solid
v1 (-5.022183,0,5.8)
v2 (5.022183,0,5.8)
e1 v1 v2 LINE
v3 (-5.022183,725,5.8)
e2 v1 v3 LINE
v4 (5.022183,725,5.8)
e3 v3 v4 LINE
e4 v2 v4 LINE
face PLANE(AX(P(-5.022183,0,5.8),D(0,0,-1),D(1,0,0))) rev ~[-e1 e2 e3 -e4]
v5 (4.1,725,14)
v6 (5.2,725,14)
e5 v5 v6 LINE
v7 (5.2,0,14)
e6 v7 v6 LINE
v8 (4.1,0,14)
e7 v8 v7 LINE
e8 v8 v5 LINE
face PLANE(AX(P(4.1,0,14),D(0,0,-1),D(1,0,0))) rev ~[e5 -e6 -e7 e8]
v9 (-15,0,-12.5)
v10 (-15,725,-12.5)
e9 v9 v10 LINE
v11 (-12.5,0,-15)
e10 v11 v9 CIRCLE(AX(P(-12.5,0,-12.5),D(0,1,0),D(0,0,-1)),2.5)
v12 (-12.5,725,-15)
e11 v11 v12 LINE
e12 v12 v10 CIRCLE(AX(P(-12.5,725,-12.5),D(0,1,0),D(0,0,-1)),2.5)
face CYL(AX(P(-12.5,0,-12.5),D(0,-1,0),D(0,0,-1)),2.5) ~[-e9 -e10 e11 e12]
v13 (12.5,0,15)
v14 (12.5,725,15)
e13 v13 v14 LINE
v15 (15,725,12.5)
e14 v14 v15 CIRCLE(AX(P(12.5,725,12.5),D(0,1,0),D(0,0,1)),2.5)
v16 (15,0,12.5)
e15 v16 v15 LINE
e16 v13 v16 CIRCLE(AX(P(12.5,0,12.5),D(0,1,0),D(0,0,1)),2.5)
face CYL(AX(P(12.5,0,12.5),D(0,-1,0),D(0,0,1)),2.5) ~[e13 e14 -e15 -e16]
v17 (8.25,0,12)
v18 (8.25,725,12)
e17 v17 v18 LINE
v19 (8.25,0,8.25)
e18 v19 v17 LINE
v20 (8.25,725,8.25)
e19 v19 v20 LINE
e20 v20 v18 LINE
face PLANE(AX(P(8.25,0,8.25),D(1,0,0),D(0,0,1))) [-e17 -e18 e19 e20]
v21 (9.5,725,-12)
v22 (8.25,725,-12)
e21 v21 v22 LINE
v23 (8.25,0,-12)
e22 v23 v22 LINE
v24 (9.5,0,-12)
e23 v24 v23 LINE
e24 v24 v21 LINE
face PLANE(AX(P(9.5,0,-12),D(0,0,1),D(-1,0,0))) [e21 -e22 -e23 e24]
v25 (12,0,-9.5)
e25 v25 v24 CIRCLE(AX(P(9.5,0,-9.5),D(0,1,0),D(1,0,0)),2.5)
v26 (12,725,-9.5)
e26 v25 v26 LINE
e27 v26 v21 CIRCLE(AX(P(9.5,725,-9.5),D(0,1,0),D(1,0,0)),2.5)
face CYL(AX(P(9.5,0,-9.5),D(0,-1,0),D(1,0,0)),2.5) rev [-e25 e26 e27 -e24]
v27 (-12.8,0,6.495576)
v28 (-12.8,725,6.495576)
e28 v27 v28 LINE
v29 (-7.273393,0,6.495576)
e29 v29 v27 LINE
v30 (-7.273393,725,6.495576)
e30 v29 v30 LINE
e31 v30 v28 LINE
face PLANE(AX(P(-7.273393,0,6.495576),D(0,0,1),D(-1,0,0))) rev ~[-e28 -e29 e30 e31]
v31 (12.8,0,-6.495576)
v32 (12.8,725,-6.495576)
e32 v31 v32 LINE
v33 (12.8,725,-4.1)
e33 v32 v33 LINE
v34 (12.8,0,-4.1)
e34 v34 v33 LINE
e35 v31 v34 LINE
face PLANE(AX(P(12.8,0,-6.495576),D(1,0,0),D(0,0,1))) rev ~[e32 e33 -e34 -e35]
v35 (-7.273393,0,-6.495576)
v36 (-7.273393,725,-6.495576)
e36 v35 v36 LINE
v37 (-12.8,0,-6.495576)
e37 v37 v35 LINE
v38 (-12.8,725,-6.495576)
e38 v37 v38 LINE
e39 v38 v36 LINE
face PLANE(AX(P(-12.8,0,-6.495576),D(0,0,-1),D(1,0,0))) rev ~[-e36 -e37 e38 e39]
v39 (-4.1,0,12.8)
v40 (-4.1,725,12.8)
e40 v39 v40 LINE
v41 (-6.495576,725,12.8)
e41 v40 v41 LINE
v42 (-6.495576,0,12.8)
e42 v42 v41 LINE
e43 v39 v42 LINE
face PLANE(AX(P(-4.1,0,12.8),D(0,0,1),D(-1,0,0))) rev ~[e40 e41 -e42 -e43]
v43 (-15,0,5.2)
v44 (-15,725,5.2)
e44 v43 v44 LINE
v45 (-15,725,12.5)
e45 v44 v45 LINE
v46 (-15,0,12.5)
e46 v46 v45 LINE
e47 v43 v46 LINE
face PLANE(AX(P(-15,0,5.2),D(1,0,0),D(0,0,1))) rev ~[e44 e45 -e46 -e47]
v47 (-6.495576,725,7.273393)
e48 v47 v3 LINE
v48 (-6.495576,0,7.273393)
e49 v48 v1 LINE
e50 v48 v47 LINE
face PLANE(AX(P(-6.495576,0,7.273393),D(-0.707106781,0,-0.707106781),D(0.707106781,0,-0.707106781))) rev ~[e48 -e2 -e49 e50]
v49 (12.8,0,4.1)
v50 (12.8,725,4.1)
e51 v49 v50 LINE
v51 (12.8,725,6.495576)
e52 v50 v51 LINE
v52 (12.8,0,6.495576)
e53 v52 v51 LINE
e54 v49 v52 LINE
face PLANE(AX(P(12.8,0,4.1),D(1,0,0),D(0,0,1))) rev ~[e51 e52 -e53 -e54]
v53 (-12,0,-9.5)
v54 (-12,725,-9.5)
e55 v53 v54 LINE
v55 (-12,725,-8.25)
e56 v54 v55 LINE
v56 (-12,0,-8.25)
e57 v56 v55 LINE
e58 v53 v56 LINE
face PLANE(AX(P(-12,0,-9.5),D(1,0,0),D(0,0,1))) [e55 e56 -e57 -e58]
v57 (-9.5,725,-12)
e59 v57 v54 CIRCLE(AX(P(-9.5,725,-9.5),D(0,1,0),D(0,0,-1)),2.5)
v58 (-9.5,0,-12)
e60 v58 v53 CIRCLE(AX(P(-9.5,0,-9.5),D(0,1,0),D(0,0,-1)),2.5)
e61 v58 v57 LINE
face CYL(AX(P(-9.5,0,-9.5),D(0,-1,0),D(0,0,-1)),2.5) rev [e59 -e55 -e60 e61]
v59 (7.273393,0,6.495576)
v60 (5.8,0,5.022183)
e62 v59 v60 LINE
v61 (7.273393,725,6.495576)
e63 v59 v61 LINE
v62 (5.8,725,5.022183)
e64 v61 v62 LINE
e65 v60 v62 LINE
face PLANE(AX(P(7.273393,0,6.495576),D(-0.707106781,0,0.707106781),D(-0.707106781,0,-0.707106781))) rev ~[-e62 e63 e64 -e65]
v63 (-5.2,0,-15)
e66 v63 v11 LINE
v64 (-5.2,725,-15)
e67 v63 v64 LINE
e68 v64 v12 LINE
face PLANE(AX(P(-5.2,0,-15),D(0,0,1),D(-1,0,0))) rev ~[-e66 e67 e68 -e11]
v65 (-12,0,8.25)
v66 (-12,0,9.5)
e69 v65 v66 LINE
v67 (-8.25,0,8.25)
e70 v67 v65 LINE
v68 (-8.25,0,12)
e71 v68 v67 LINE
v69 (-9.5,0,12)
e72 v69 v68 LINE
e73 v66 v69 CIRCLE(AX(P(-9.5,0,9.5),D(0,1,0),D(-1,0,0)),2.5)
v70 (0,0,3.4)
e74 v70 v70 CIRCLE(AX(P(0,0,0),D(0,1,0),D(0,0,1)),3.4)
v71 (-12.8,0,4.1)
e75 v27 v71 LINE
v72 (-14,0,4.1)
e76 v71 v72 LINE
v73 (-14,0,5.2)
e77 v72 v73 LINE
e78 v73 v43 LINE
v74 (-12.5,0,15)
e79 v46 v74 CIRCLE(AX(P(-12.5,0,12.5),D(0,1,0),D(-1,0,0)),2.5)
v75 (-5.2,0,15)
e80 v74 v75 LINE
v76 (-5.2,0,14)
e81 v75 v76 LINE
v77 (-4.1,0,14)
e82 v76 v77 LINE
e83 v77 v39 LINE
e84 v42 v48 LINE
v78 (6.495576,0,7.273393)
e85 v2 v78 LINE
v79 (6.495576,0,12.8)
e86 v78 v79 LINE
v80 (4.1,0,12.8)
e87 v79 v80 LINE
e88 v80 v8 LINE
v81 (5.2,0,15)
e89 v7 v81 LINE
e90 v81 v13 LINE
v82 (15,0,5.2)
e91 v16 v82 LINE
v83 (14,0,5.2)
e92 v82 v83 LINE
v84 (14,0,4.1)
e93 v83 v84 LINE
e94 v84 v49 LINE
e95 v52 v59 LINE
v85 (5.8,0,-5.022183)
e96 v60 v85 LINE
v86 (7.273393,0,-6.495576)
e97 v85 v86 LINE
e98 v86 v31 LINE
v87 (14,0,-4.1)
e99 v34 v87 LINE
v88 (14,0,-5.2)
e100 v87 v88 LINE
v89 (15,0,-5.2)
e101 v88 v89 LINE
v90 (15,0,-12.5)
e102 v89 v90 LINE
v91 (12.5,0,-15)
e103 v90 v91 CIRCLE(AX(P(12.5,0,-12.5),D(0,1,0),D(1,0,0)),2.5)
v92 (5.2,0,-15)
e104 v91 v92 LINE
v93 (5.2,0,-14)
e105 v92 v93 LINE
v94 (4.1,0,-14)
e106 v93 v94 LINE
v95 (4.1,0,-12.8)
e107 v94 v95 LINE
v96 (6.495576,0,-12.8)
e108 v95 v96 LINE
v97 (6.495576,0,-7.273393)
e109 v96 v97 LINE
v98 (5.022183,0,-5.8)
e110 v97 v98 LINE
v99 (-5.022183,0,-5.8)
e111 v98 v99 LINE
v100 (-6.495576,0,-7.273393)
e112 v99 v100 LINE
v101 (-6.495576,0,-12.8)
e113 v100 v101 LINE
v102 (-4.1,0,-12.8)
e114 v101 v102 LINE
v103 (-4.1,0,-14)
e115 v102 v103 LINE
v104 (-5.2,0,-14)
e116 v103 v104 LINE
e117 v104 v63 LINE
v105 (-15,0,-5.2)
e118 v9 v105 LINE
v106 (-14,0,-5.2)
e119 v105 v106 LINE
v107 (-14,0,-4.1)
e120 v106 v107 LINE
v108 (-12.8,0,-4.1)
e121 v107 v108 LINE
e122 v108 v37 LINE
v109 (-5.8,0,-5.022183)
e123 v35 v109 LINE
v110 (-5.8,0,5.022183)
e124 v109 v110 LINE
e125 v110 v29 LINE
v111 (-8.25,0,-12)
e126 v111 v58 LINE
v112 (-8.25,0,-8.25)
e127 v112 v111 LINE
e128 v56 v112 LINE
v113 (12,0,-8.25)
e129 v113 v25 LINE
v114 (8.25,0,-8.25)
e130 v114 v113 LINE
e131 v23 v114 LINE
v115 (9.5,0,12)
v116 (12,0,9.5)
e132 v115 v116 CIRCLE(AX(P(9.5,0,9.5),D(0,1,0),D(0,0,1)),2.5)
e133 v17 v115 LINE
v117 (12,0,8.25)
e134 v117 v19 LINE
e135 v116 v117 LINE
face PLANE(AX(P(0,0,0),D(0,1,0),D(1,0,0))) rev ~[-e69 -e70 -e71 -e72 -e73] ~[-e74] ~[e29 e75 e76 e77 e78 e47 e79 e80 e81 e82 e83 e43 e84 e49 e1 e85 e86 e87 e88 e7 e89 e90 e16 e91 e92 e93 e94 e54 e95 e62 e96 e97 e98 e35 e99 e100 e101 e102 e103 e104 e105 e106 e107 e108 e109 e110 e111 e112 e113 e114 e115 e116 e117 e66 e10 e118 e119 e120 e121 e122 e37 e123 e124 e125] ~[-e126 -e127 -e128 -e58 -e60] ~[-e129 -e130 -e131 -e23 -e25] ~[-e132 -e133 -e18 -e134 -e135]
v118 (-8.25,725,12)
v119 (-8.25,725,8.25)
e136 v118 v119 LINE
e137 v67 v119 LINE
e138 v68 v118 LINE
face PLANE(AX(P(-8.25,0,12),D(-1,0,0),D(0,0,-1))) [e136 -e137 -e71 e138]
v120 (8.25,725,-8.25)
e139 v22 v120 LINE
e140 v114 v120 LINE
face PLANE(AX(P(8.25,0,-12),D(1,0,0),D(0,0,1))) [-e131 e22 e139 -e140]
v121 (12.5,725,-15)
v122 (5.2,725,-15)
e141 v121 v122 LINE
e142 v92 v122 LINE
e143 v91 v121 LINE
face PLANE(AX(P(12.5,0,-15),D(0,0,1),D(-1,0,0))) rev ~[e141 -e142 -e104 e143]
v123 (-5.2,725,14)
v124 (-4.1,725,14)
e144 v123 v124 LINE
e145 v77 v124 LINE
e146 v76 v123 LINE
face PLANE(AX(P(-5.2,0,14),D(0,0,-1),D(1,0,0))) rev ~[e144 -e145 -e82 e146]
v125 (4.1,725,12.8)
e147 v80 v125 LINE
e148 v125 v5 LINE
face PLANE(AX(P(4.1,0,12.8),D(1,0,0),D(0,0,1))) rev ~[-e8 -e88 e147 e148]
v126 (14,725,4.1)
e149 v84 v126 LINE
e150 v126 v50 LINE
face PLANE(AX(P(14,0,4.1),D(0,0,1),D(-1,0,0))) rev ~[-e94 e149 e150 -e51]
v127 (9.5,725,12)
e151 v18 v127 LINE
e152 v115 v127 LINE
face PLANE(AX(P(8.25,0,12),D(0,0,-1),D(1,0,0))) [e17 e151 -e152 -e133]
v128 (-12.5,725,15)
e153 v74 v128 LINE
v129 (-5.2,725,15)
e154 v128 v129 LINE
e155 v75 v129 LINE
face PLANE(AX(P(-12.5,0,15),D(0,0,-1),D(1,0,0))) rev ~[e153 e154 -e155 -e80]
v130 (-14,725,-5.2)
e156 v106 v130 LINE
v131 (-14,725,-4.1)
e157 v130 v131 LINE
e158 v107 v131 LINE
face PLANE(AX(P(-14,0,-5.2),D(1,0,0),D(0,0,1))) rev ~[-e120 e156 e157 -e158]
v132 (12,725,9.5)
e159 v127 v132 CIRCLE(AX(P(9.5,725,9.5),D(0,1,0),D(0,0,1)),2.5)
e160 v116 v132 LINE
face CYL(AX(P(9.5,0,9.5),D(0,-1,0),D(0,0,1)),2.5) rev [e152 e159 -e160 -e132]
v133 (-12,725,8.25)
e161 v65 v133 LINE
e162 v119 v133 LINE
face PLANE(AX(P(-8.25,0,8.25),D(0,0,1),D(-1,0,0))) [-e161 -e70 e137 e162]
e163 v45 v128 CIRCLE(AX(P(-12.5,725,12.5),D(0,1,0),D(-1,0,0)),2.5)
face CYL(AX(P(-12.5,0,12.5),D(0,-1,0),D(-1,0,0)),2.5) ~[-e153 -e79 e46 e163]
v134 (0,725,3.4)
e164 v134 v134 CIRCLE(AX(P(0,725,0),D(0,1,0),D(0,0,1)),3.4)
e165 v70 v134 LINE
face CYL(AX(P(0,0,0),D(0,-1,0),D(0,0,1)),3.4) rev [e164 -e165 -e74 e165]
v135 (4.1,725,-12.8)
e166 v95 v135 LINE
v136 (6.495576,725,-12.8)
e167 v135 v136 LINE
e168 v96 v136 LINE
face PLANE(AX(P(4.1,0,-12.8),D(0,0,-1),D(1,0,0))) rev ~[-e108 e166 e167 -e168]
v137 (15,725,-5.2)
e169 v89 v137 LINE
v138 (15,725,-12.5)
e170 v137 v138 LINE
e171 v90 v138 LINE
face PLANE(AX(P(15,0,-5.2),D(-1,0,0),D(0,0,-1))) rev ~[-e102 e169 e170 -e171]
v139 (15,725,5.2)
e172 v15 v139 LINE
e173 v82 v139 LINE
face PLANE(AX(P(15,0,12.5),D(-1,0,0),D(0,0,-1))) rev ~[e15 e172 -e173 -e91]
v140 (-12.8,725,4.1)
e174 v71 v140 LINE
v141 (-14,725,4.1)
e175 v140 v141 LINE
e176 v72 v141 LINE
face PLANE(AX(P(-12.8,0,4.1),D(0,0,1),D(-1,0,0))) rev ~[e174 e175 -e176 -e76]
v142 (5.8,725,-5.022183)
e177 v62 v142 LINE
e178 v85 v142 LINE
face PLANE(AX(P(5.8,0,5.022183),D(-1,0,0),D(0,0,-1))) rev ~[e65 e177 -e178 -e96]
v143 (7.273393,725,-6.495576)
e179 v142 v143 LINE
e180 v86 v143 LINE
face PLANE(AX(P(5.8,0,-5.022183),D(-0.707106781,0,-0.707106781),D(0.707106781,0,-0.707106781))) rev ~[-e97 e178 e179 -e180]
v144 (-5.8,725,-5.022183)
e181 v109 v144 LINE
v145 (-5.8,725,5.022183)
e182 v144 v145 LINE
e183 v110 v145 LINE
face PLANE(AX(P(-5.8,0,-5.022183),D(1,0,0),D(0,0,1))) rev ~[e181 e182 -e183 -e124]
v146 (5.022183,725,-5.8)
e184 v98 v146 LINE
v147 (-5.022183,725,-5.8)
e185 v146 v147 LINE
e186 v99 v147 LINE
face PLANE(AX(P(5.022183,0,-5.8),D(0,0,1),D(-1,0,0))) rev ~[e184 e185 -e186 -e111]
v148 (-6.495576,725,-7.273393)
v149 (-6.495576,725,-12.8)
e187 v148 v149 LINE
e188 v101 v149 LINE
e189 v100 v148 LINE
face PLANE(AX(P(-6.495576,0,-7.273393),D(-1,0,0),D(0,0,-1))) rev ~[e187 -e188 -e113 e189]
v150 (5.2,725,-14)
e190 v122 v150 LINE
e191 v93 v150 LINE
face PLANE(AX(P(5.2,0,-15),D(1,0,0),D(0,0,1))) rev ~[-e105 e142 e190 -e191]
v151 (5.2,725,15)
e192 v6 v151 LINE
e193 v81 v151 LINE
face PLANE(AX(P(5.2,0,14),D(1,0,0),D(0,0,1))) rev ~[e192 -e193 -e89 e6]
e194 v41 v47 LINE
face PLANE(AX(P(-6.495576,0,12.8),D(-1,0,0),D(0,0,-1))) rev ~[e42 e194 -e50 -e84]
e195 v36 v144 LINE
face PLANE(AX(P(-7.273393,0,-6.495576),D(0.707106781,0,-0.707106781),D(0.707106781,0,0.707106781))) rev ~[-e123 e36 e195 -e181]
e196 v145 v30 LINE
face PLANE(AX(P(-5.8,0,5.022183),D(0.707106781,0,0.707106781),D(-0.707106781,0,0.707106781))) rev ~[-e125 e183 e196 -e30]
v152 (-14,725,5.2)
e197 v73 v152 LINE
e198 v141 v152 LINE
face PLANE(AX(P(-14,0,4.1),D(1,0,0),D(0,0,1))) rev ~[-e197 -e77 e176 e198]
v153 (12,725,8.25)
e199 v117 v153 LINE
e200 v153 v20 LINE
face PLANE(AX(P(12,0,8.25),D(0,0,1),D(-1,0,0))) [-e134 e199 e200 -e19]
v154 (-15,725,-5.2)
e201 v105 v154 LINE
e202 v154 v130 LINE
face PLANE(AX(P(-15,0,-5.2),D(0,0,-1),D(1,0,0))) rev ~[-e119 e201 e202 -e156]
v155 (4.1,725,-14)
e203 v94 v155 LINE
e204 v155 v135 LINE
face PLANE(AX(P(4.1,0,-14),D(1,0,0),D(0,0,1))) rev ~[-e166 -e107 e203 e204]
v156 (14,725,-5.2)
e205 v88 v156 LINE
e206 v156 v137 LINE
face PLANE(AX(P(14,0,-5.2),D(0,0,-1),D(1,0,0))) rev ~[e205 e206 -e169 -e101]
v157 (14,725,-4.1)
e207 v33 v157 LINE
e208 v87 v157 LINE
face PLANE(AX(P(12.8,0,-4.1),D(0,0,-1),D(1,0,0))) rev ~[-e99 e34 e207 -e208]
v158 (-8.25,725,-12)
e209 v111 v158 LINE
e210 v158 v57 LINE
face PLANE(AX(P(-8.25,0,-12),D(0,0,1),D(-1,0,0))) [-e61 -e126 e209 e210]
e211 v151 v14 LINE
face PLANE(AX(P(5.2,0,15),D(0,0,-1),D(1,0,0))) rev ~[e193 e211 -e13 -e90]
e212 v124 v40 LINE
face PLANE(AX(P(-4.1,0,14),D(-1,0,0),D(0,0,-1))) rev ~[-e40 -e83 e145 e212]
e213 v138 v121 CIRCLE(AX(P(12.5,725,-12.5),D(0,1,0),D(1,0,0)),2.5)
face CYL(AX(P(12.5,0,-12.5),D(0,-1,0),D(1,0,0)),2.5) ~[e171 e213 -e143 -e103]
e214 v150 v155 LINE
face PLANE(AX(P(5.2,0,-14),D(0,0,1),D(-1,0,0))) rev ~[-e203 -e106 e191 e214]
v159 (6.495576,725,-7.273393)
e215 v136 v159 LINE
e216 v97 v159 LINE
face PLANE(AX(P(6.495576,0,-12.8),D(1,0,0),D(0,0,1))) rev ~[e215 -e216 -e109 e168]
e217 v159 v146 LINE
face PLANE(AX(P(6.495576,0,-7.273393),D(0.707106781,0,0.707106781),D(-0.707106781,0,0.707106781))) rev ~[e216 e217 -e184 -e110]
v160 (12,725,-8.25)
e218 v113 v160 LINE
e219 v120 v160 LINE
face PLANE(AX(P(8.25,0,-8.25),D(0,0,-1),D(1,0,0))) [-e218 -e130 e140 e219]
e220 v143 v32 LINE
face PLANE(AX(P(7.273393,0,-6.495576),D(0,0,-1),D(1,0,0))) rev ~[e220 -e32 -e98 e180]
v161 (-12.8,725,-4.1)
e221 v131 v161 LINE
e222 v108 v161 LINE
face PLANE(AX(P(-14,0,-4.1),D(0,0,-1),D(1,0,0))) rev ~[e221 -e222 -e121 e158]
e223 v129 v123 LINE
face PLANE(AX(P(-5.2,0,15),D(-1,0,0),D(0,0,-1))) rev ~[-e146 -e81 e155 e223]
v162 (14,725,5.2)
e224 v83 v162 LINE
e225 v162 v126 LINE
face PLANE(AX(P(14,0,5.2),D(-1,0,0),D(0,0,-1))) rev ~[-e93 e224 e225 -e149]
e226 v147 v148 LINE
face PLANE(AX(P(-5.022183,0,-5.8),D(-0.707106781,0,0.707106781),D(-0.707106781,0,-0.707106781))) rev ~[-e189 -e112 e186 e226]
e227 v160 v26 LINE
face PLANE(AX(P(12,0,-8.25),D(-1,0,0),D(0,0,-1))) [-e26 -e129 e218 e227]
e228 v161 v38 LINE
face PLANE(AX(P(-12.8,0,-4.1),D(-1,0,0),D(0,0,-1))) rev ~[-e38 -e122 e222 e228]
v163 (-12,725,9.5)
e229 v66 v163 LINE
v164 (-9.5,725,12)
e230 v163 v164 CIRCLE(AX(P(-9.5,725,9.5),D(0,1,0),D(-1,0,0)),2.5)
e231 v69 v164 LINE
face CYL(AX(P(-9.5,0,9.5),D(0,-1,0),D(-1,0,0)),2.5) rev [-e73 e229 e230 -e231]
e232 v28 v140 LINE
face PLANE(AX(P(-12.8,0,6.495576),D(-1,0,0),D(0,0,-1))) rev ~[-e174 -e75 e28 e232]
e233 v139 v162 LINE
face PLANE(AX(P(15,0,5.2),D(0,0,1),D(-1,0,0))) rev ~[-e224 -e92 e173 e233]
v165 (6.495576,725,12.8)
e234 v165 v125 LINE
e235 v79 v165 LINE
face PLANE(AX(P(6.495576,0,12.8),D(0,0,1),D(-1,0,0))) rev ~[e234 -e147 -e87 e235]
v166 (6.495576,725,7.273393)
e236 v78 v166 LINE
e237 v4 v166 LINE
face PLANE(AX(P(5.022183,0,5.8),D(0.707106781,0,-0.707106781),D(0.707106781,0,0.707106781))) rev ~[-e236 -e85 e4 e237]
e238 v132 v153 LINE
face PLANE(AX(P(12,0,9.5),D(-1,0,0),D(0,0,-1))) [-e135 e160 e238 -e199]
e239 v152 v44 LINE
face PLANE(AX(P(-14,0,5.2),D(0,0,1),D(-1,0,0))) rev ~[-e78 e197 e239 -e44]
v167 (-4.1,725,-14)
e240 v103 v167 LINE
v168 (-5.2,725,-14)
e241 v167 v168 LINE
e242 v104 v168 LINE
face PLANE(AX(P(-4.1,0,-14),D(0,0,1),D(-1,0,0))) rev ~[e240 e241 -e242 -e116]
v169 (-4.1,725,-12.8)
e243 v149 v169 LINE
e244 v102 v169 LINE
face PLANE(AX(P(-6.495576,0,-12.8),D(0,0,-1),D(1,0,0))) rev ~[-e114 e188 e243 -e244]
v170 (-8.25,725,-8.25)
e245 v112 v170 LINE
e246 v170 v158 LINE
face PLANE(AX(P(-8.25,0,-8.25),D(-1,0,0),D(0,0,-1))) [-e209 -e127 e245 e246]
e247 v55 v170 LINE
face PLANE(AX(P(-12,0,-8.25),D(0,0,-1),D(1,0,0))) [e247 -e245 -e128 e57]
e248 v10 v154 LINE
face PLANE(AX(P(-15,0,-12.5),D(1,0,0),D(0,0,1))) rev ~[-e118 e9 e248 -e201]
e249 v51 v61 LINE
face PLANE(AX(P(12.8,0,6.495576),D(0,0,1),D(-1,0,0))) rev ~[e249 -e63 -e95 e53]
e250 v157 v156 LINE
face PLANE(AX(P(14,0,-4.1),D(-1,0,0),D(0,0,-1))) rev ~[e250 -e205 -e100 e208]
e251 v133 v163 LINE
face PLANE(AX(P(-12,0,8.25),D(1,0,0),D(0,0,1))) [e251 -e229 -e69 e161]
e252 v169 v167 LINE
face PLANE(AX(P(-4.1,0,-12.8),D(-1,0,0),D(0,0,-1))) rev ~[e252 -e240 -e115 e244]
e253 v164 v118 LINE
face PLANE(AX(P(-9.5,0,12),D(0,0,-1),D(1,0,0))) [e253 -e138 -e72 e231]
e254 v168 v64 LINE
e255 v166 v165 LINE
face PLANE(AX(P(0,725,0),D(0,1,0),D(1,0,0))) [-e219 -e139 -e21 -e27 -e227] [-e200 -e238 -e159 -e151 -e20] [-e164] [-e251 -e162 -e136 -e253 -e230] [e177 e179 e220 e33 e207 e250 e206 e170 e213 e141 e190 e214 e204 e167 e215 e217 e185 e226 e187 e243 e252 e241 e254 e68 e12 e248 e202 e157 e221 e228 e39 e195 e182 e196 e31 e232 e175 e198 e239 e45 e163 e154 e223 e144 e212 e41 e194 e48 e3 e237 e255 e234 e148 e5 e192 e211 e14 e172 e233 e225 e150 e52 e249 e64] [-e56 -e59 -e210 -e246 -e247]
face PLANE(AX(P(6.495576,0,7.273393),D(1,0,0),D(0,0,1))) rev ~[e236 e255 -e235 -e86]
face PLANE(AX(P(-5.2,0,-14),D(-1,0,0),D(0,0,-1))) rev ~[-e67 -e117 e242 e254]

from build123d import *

# Parameters (mm, degrees)
SKETCH_1_R      = 3.4
EXTRUDE_1_DEPTH = 725


with BuildPart() as part:
    # 草图1 → 凸台-拉伸1 (new body)
    with BuildSketch(Plane(origin=(0, 0, 0), x_dir=(1, 0, 0), z_dir=(0, 1, 0))):
        with BuildLine():
            Line((-12.8, 4.1), (-12.8, 6.495575748))
            Line((-12.8, 6.495575748), (-7.273393207, 6.495575748))
            Line((-7.273393207, 6.495575748), (-5.8, 5.022182541))
            Line((-5.8, 5.022182541), (-5.8, 0))
            Line((-5.8, 0), (-5.8, -5.022182541))
            Line((-5.8, -5.022182541), (-7.273393207, -6.495575748))
            Line((-7.273393207, -6.495575748), (-12.8, -6.495575748))
            Line((-12.8, -6.495575748), (-12.8, -4.1))
            Line((-12.8, -4.1), (-14, -4.1))
            Line((-14, -4.1), (-14, -5.2))
            Line((-14, -5.2), (-15, -5.2))
            Line((-15, -5.2), (-15, -12.5))
            ThreePointArc((-15, -12.5), (-14.267766953, -14.267766953), (-12.5, -15))
            Line((-12.5, -15), (-5.2, -15))
            Line((-5.2, -15), (-5.2, -14))
            Line((-5.2, -14), (-4.1, -14))
            Line((-4.1, -14), (-4.1, -12.8))
            Line((-4.1, -12.8), (-6.495575748, -12.8))
            Line((-6.495575748, -12.8), (-6.495575748, -7.273393207))
            Line((-6.495575748, -7.273393207), (-5.022182541, -5.8))
            Line((-5.022182541, -5.8), (0, -5.8))
            Line((0, -5.8), (5.022182541, -5.8))
            Line((5.022182541, -5.8), (6.495575748, -7.273393207))
            Line((6.495575748, -7.273393207), (6.495575748, -12.8))
            Line((6.495575748, -12.8), (4.1, -12.8))
            Line((4.1, -12.8), (4.1, -14))
            Line((4.1, -14), (5.2, -14))
            Line((5.2, -14), (5.2, -15))
            Line((5.2, -15), (12.5, -15))
            ThreePointArc((12.5, -15), (14.267766953, -14.267766953), (15, -12.5))
            Line((15, -12.5), (15, -5.2))
            Line((15, -5.2), (14, -5.2))
            Line((14, -5.2), (14, -4.1))
            Line((14, -4.1), (12.8, -4.1))
            Line((12.8, -4.1), (12.8, -6.495575748))
            Line((12.8, -6.495575748), (7.273393207, -6.495575748))
            Line((7.273393207, -6.495575748), (5.8, -5.022182541))
            Line((5.8, -5.022182541), (5.8, 0))
            Line((5.8, 0), (5.8, 5.022182541))
            Line((5.8, 5.022182541), (7.273393207, 6.495575748))
            Line((7.273393207, 6.495575748), (12.8, 6.495575748))
            Line((12.8, 6.495575748), (12.8, 4.1))
            Line((12.8, 4.1), (14, 4.1))
            Line((14, 4.1), (14, 5.2))
            Line((14, 5.2), (15, 5.2))
            Line((15, 5.2), (15, 12.5))
            ThreePointArc((15, 12.5), (14.267766953, 14.267766953), (12.5, 15))
            Line((12.5, 15), (5.2, 15))
            Line((5.2, 15), (5.2, 14))
            Line((5.2, 14), (4.1, 14))
            Line((4.1, 14), (4.1, 12.8))
            Line((4.1, 12.8), (6.495575748, 12.8))
            Line((6.495575748, 12.8), (6.495575748, 7.273393207))
            Line((6.495575748, 7.273393207), (5.022182541, 5.8))
            Line((5.022182541, 5.8), (0, 5.8))
            Line((0, 5.8), (-5.022182541, 5.8))
            Line((-5.022182541, 5.8), (-6.495575748, 7.273393207))
            Line((-6.495575748, 7.273393207), (-6.495575748, 12.8))
            Line((-6.495575748, 12.8), (-4.1, 12.8))
            Line((-4.1, 12.8), (-4.1, 14))
            Line((-4.1, 14), (-5.2, 14))
            Line((-5.2, 14), (-5.2, 15))
            Line((-5.2, 15), (-12.5, 15))
            ThreePointArc((-12.5, 15), (-14.267766953, 14.267766953), (-15, 12.5))
            Line((-15, 12.5), (-15, 5.2))
            Line((-15, 5.2), (-14, 5.2))
            Line((-14, 5.2), (-14, 4.1))
            Line((-14, 4.1), (-12.8, 4.1))
        make_face()
        with Locations(Location((0, 0, 0), (0, 0, 270))):
            Circle(SKETCH_1_R, mode=Mode.SUBTRACT)
        with BuildLine():
            Line((-12, 9.5), (-12, 8.25))
            Line((-12, 8.25), (-8.25, 8.25))
            Line((-8.25, 8.25), (-8.25, 12))
            Line((-8.25, 12), (-9.5, 12))
            ThreePointArc((-9.5, 12), (-11.267766953, 11.267766953), (-12, 9.5))
        make_face(mode=Mode.SUBTRACT)
        with BuildLine():
            Line((9.5, 12), (8.25, 12))
            Line((8.25, 12), (8.25, 8.25))
            Line((8.25, 8.25), (12, 8.25))
            Line((12, 8.25), (12, 9.5))
            ThreePointArc((12, 9.5), (11.267766953, 11.267766953), (9.5, 12))
        make_face(mode=Mode.SUBTRACT)
        with BuildLine():
            Line((12, -9.5), (12, -8.25))
            Line((12, -8.25), (8.25, -8.25))
            Line((8.25, -8.25), (8.25, -12))
            Line((8.25, -12), (9.5, -12))
            ThreePointArc((9.5, -12), (11.267766953, -11.267766953), (12, -9.5))
        make_face(mode=Mode.SUBTRACT)
        with BuildLine():
            Line((-9.5, -12), (-8.25, -12))
            Line((-8.25, -12), (-8.25, -8.25))
            Line((-8.25, -8.25), (-12, -8.25))
            Line((-12, -8.25), (-12, -9.5))
            ThreePointArc((-12, -9.5), (-11.267766953, -11.267766953), (-9.5, -12))
        make_face(mode=Mode.SUBTRACT)
    extrude(amount=EXTRUDE_1_DEPTH)


solid = part.part
